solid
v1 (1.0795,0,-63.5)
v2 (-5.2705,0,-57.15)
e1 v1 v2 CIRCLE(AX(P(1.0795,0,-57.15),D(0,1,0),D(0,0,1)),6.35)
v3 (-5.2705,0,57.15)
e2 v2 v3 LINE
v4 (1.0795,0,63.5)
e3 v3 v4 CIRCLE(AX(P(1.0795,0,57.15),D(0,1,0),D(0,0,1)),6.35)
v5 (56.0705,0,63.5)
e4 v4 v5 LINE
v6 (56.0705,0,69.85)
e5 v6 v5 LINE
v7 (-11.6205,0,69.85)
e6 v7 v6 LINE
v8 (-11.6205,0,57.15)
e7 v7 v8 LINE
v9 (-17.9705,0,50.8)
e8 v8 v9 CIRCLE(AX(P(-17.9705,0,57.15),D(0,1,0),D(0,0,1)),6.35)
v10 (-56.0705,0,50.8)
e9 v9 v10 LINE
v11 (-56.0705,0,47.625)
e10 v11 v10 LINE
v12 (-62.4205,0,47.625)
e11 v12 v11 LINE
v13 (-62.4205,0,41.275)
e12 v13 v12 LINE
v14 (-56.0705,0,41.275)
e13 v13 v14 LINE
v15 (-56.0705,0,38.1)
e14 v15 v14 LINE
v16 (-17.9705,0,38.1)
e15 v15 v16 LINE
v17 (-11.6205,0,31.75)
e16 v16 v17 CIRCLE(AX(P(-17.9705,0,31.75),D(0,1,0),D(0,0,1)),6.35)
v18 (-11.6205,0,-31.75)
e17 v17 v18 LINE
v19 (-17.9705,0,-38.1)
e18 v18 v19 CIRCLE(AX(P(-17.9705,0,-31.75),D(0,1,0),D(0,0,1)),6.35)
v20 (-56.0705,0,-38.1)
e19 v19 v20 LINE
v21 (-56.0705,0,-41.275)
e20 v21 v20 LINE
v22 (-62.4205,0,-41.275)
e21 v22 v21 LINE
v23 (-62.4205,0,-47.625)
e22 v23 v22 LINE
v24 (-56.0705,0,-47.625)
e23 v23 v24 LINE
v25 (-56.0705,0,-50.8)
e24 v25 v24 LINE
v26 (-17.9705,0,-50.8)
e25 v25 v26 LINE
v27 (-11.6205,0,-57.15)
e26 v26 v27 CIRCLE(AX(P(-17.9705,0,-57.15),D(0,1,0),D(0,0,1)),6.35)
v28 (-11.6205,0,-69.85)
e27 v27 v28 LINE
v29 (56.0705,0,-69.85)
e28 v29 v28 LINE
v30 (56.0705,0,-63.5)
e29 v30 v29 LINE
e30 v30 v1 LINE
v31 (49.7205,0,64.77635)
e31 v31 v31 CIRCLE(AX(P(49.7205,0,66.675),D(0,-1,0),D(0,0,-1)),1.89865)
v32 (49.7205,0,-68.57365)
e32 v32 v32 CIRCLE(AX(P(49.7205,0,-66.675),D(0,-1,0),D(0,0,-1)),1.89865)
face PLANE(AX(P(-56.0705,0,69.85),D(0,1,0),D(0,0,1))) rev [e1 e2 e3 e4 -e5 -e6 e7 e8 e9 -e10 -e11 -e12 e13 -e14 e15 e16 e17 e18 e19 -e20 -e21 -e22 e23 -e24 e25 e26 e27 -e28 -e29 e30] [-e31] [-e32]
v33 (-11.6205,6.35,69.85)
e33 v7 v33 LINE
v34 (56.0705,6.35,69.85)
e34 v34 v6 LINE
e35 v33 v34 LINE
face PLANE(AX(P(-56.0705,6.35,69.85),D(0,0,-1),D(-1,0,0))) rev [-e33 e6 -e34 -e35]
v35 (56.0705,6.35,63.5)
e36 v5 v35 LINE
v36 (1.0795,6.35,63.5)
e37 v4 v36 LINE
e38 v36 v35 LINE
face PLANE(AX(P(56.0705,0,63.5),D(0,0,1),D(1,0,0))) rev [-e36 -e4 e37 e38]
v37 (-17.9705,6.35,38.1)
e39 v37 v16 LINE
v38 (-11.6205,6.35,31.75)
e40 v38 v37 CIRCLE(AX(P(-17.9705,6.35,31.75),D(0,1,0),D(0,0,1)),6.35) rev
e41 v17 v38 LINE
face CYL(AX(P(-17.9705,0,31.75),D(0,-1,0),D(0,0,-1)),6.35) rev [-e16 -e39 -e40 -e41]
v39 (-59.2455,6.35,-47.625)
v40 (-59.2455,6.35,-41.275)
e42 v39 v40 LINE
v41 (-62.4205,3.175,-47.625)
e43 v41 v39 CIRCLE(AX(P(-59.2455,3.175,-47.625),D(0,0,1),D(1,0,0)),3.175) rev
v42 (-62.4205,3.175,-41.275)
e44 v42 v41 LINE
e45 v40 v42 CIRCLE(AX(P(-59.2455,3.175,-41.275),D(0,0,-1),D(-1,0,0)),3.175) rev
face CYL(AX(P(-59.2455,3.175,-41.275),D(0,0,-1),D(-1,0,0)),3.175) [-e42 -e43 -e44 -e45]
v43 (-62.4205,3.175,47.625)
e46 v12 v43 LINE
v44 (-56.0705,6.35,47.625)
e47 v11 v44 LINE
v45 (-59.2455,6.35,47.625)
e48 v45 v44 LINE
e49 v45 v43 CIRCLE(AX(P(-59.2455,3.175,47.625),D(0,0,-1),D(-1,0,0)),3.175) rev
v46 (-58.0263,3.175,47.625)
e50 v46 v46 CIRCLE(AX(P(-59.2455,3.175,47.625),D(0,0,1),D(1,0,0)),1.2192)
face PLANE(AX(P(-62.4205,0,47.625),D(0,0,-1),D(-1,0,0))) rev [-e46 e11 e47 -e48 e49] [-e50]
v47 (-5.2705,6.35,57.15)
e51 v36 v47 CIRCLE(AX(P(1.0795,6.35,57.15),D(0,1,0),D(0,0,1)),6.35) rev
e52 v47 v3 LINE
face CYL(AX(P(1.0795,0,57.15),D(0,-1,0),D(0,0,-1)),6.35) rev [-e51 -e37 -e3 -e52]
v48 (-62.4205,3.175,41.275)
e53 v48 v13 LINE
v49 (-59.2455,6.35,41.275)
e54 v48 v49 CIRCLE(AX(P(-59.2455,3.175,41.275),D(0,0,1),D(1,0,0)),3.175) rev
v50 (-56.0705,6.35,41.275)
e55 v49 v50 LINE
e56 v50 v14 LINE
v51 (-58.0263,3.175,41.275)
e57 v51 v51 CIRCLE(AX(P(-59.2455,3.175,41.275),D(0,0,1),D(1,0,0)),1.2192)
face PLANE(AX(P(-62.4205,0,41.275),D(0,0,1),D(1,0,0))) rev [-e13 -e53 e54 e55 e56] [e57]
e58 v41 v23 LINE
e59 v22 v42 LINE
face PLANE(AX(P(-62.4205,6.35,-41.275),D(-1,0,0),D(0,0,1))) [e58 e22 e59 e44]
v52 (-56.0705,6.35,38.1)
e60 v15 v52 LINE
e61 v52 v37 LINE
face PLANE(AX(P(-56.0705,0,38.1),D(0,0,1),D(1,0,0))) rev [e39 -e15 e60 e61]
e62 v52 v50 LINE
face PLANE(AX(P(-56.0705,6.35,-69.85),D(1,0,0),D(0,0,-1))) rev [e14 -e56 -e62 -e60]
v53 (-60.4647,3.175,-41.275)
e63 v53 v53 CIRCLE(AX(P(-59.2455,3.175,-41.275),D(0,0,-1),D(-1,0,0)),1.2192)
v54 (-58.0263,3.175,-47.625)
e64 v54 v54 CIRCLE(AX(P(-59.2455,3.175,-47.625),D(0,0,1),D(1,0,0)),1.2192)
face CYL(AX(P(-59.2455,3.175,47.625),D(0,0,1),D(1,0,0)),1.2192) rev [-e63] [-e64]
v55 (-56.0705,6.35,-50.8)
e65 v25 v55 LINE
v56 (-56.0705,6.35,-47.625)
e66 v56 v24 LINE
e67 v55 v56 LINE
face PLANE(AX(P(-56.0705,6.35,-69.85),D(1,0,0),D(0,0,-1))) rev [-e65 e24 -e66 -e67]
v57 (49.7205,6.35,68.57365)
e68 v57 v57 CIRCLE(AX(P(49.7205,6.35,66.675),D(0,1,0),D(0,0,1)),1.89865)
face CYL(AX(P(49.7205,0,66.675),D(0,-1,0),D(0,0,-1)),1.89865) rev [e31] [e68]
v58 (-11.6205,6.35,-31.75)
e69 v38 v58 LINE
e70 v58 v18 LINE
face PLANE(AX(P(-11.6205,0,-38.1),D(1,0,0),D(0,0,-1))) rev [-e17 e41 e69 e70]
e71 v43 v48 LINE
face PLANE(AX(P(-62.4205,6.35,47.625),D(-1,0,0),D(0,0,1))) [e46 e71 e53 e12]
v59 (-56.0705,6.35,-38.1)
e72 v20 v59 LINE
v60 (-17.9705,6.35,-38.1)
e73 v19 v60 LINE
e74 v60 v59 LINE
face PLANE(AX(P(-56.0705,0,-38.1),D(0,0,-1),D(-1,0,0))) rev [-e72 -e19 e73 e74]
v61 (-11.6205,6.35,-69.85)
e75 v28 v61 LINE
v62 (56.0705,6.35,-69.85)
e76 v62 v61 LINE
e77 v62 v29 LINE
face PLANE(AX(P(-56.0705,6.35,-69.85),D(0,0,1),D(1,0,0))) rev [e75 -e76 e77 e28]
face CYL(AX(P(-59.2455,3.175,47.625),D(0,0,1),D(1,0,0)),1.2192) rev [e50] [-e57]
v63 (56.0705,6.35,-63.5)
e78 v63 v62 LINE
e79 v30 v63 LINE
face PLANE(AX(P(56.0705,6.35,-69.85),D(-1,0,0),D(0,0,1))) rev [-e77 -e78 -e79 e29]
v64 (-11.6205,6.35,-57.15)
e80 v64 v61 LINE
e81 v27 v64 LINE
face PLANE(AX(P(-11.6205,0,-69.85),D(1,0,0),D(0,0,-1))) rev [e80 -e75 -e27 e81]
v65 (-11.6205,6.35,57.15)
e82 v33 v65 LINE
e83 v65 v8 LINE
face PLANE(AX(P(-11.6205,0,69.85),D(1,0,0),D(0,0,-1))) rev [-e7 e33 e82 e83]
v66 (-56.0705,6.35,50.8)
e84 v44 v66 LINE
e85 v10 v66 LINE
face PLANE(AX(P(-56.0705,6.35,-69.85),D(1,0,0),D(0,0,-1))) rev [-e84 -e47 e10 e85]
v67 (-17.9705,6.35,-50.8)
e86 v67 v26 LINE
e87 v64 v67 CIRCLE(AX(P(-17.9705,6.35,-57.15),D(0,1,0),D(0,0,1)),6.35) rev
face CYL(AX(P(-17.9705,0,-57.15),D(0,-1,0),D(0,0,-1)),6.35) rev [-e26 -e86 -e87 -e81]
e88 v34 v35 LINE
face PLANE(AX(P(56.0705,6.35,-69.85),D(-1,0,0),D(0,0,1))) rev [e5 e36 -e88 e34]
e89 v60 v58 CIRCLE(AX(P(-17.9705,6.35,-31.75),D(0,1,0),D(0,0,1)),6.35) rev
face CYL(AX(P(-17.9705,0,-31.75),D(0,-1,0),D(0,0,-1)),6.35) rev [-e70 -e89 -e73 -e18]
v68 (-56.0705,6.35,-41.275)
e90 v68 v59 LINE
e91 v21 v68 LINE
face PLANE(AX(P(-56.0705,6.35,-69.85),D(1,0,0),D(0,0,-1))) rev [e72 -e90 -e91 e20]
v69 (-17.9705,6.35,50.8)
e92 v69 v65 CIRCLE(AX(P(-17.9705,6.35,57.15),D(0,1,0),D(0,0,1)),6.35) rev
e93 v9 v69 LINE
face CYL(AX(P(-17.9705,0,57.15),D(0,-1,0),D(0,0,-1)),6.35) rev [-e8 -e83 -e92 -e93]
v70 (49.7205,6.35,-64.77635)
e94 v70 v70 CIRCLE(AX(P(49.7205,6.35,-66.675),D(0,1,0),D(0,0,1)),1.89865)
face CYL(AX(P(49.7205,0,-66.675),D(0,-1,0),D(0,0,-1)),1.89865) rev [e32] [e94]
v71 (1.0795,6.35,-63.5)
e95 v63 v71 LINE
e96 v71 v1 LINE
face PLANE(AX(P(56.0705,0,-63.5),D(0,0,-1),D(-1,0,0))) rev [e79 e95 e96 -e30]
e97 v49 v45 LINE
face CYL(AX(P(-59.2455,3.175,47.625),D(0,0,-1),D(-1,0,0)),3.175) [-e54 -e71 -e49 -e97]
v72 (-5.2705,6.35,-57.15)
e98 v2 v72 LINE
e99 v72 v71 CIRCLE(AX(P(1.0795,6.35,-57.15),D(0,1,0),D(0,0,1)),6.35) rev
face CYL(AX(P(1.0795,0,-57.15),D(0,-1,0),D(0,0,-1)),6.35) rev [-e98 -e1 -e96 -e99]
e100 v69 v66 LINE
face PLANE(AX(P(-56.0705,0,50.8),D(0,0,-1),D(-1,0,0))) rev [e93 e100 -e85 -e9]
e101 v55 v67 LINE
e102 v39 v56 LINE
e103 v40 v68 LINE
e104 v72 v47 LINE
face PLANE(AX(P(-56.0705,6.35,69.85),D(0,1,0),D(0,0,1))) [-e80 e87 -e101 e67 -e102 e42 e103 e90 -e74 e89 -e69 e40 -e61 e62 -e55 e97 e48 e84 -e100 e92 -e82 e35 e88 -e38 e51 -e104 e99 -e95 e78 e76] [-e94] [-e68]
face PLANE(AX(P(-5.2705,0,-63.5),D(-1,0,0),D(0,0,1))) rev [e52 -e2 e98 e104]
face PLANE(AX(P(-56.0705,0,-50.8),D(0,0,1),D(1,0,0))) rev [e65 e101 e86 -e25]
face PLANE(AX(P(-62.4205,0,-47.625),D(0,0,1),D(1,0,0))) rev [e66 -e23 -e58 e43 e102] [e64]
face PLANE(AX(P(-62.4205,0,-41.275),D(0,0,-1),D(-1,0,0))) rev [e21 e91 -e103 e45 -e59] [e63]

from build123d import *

# Parameters (mm, degrees)
SKETCH1_W                 = 112.141
SKETCH1_H                 = 139.7
EXTRUDE1_DEPTH            = 6.35
SKETCH2_W                 = 44.45
SKETCH2_H                 = 19.05
SKETCH2_W_2               = 61.341
SKETCH2_H_2               = 127
SKETCH2_H_3               = 76.2
CUT_EXTRUDE1_DEPTH        = 6.35
FILLET1_R                 = 6.35
SKETCH5_W                 = 6.35
SKETCH5_H                 = 6.35
EXTRUDE2_DEPTH            = 6.35
FILLET2_R                 = 3.175
F_6_CLEARANCE_HOLE1_D     = 3.7973
F_6_CLEARANCE_HOLE1_DEPTH = 12.7
F_6_CLEARANCE_HOLE1_TIP   = 1.140824014
F_2_CLEARANCE_HOLE1_D     = 2.4384


with BuildPart() as part:
    # Sketch1 → Extrude1 (new body)
    with BuildSketch(Plane(origin=(0, 0, 0), x_dir=(1, 0, 0), z_dir=(0, 1, 0))):
        Rectangle(SKETCH1_W, SKETCH1_H)
    extrude(amount=EXTRUDE1_DEPTH)

    # Sketch2 → Cut-Extrude1 (cut)
    with BuildSketch(Plane(origin=(0, 6.35, 0), x_dir=(-1, 0, 0), z_dir=(0, 1, 0))):
        with Locations((33.8455, -60.325)):
            Rectangle(SKETCH2_W, SKETCH2_H)
        with Locations((33.8455, 60.325)):
            Rectangle(SKETCH2_W, SKETCH2_H)
        with Locations((-25.4, 0)):
            Rectangle(SKETCH2_W_2, SKETCH2_H_2)
        with Locations((33.8455, 0)):
            Rectangle(SKETCH2_W, SKETCH2_H_3)
    extrude(amount=-CUT_EXTRUDE1_DEPTH, mode=Mode.SUBTRACT)

    # Fillet1
    fillet1_edges = [part.edges().sort_by_distance(p)[0] for p in [
        (-11.6205, 3.175, -50.8),
        (-11.6205, 3.175, 50.8),
        (-5.2705, 3.175, 63.5),
        (-5.2705, 3.175, -63.5),
        (-11.6205, 3.175, -38.1),
        (-11.6205, 3.175, 38.1),
    ]]
    fillet(fillet1_edges, radius=FILLET1_R)

    # Sketch5 → Extrude2 (add)
    with BuildSketch(Plane.ZY.offset(56.0705)):
        with Locations((44.45, 3.175)):
            Rectangle(SKETCH5_W, SKETCH5_H)
        with Locations((-44.45, 3.175)):
            Rectangle(SKETCH5_W, SKETCH5_H)
    extrude(amount=EXTRUDE2_DEPTH)

    # Fillet2
    fillet2_edges = [part.edges().sort_by_distance(p)[0] for p in [
        (-62.4205, 6.35, 44.45),
        (-62.4205, 6.35, -44.45),
    ]]
    fillet(fillet2_edges, radius=FILLET2_R)

    # #6 Clearance Hole1
    with Locations(Plane(origin=(49.7205, 0, 66.675), x_dir=(0, 0, -1), z_dir=(0, -1, 0))):
        with Locations((0, 0), (133.35, 0)):
            Hole(F_6_CLEARANCE_HOLE1_D / 2, depth=F_6_CLEARANCE_HOLE1_DEPTH)
            with Locations((0, 0, -(F_6_CLEARANCE_HOLE1_DEPTH + F_6_CLEARANCE_HOLE1_TIP / 2))):  # 118° drill point
                Cone(0, F_6_CLEARANCE_HOLE1_D / 2, F_6_CLEARANCE_HOLE1_TIP, mode=Mode.SUBTRACT)

    # #2 Clearance Hole1 (through all)
    with Locations(Plane(origin=(-59.2455, 3.175, 47.625), x_dir=(1, 0, 0), z_dir=(0, 0, 1))):
        with Locations((0, 0)):
            Hole(F_2_CLEARANCE_HOLE1_D / 2)


solid = part.part
